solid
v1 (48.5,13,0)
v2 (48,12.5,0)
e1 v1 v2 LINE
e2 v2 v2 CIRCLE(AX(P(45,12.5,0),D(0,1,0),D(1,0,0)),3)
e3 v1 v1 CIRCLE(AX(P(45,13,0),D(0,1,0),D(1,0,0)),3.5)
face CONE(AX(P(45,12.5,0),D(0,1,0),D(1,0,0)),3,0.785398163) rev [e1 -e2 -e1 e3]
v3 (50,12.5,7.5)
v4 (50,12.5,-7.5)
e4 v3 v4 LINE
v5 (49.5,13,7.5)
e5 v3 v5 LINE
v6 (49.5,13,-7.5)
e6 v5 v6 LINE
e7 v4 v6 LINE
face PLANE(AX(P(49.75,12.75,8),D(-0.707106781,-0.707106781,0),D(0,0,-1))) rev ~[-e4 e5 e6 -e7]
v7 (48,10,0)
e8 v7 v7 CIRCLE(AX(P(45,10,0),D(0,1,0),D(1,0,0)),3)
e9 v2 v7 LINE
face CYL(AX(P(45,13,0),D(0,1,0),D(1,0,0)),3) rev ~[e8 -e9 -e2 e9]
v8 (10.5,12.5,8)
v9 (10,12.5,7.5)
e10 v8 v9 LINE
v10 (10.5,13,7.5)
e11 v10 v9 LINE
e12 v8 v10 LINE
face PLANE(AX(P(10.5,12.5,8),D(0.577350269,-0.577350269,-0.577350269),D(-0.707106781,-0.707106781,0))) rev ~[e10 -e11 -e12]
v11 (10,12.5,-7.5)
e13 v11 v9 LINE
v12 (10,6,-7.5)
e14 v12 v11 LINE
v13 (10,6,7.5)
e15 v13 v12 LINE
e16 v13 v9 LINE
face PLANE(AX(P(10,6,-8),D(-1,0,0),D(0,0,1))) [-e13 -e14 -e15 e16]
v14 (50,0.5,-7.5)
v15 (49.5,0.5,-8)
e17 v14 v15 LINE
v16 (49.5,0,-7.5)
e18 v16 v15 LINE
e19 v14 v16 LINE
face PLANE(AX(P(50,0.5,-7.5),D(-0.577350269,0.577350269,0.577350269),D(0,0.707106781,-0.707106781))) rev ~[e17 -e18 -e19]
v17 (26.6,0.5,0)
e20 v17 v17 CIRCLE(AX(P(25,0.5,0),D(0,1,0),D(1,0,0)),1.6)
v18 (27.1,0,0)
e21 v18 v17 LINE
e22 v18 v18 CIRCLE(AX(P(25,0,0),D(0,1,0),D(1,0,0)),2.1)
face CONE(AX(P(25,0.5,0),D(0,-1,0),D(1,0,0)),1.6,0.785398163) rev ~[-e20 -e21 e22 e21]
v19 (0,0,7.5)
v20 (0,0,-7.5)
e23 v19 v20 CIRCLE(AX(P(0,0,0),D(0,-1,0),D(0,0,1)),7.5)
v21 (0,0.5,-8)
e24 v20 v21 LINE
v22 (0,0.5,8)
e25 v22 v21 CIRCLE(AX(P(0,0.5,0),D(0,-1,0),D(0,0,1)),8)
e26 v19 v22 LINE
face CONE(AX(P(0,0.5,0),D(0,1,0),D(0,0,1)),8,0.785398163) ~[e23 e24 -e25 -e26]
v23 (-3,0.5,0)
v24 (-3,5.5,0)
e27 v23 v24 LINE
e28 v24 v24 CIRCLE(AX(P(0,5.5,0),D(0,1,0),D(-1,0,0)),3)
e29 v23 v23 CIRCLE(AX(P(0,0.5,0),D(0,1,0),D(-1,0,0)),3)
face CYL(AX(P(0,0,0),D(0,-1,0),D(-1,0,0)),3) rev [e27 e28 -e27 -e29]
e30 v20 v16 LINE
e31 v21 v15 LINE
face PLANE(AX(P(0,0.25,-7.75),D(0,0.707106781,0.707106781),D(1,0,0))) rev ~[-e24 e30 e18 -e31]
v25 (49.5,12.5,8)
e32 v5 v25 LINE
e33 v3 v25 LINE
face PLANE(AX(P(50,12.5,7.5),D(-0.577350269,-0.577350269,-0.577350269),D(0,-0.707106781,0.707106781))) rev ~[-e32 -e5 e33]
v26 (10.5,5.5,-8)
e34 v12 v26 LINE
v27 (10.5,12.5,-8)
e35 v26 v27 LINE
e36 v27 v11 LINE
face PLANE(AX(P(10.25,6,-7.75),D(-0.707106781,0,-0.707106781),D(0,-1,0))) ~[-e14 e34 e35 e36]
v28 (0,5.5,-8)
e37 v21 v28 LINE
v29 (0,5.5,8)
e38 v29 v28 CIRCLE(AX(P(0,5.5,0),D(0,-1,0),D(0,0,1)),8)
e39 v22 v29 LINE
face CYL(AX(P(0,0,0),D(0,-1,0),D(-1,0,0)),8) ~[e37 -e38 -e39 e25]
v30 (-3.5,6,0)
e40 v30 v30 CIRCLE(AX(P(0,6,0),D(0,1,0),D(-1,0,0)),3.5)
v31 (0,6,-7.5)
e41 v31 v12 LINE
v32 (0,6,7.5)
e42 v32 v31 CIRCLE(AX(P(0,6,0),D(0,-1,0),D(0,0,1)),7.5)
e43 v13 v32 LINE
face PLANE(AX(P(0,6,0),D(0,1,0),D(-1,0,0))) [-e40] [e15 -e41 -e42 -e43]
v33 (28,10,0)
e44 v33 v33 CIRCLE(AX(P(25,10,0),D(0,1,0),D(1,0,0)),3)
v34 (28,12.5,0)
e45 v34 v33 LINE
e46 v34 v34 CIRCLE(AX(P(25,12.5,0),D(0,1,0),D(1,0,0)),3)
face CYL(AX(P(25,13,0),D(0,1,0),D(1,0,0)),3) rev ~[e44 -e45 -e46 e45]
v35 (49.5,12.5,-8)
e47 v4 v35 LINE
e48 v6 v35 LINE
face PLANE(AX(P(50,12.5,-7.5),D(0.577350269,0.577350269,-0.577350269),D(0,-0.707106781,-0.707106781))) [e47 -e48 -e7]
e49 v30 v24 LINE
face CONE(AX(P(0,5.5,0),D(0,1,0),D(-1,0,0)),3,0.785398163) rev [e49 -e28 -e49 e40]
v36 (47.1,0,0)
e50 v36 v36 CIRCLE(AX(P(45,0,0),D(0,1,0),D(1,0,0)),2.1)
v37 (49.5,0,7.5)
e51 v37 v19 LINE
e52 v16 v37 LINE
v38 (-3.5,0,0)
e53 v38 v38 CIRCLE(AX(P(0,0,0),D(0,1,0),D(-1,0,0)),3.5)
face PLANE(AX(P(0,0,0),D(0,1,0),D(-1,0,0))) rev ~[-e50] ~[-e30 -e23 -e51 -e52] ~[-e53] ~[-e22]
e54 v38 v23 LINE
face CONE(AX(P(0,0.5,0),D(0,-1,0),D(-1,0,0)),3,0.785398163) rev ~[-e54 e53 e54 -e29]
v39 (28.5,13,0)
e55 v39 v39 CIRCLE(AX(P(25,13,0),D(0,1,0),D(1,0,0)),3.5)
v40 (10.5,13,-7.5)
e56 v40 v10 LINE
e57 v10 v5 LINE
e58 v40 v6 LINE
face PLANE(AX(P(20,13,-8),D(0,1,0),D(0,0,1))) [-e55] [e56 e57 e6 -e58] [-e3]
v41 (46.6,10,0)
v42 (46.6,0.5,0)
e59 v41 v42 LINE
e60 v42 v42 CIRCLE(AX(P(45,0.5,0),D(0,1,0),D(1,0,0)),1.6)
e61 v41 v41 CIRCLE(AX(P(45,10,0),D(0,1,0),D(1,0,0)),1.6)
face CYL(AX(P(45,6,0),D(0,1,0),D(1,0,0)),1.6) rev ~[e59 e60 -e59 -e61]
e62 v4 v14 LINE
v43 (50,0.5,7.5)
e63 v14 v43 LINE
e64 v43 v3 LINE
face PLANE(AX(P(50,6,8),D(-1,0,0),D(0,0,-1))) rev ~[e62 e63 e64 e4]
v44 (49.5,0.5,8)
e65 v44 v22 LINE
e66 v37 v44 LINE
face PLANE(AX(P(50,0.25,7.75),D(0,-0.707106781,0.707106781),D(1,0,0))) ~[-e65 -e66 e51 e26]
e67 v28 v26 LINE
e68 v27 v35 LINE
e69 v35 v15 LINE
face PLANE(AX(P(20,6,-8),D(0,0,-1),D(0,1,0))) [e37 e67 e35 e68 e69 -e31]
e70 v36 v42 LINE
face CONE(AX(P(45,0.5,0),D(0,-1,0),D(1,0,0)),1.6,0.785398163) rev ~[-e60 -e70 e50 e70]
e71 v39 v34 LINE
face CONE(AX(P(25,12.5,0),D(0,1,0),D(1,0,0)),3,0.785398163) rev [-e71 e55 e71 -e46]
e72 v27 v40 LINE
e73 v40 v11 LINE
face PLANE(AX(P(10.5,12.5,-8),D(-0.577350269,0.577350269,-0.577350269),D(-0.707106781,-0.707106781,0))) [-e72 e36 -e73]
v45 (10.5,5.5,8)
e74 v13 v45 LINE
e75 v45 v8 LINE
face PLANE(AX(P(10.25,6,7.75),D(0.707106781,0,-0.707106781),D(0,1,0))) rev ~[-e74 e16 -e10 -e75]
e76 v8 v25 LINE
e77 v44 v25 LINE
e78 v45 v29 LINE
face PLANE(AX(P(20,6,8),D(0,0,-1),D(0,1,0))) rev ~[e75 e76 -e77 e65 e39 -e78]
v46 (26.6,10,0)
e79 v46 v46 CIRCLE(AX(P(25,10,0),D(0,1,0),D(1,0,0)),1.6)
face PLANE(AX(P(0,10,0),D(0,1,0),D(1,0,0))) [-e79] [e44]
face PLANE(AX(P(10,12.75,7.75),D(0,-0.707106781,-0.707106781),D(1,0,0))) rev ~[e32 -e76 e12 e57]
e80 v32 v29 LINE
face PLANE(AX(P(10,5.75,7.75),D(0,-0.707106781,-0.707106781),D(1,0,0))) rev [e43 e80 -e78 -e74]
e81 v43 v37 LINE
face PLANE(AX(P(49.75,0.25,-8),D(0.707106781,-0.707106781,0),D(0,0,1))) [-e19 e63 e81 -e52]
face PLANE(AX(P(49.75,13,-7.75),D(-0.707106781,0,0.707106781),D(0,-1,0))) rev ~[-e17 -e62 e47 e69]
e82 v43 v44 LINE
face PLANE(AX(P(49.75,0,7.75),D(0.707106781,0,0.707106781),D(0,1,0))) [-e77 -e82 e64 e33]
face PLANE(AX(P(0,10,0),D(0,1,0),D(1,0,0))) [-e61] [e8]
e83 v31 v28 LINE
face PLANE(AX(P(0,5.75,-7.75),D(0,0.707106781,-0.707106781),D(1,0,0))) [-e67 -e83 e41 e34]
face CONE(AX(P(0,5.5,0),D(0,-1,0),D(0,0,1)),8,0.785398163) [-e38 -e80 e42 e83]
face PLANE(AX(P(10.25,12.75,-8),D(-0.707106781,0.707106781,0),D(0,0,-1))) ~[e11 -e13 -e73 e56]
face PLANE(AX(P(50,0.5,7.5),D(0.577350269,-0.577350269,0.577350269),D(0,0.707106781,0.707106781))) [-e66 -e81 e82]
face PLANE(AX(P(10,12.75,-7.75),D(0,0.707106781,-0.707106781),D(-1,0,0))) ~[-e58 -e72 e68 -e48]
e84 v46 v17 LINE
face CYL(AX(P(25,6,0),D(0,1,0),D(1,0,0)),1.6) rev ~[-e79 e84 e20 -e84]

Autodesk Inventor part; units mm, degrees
ref_plane "YZ Plane" through (0, 0, 0) normal (1, 0, 0) x (0, 1, 0)
ref_plane "XZ Plane" through (0, 0, 0) normal (0, 1, 0) x (-1, 0, 0)
ref_plane "XY Plane" through (0, 0, 0) normal (0, 0, 1) x (1, 0, 0)
sketch "Náčrt1" plane through (0, 0, 0) normal (0, 1, 0) x (-1, 0, 0)
  circle A0 centre (0, 0) radius 8
  line L0 (0, -8) -> (-50, -8)
  line L1 (-50, -8) -> (-50, 8)
  line L2 (-50, 8) -> (0, 8)
  circle A1 centre (0, 0) radius 3
  circle A2 centre (0, 0) radius 7.5 construction
  dimension "d0" = 6
  dimension "d1" = 15
  dimension "d2" = 16
  dimension "d3" = 50
extrude "Vysunutí1" add sketch "Náčrt1" along normal blind 6
sketch "Náčrt2" plane through (0, 6, 0) normal (0, 1, 0) x (1, 0, 0)
  line L0 (0, -8) -> (50, -8) projected
  line L1 (50, -8) -> (50, 8) projected
  line L2 (50, 8) -> (0, 8) projected
  arc A0 (0, 8) -> (0, -8) centre (0, 0) ccw projected
  circle A1 centre (0, 0) radius 3 projected
  circle A2 centre (45, 0) radius 1.6
  circle A3 centre (25, 0) radius 1.6
  dimension "d6" = 5
  dimension "d7" = 25
  dimension "d8" = 3.2
extrude "Vysunutí2" cut sketch "Náčrt2" against normal through all contours A2 | A3
sketch "Náčrt5" plane through (0, 6, 0) normal (0, 1, 0) x (1, 0, 0)
  circle A0 centre (45, 0) radius 1.6 projected
  circle A1 centre (25, 0) radius 1.6 projected
  line L0 (0, -8) -> (50, -8) projected
  line L1 (50, -8) -> (50, 8) projected
  line L2 (50, 8) -> (0, 8) projected
  arc A2 (0, 8) -> (0, -8) centre (0, 0) ccw projected
  circle A3 centre (0, 0) radius 3 projected
  line L3 (20, 8) -> (20, -8)
  dimension "d19" = 30
extrude "Vysunutí5" add sketch "Náčrt5" along normal blind 7 contours L3 L2 L1 L0
sketch "Náčrt7" plane through (0, 13, 0) normal (0, 1, 0) x (1, 0, 0)
  line L0 (50, 8) -> (20, 8) projected
  line L1 (20, 8) -> (20, -8) projected
  line L2 (20, -8) -> (50, -8) projected
  line L3 (50, -8) -> (50, 8) projected
  circle A0 centre (25, 0) radius 1.6 projected
  circle A1 centre (45, 0) radius 1.6 projected
  circle A2 centre (25, 0) radius 1.6 projected
  circle A3 centre (25, 0) radius 3
  circle A4 centre (45, 0) radius 1.6 projected
  circle A5 centre (45, 0) radius 3
  point P0 (0, 0)
  dimension "d22" = 6
extrude "Vysunutí6" cut sketch "Náčrt7" against normal blind 3 contours A3 | A5
sketch "Sketch10" plane through (20, 6, -8) normal (-1, 0, 0) x (0, 0, 1)
  line L0 (16, 0) -> (0, 0) projected
  line L1 (16, 0) -> (16, 7) projected
  line L2 (0, 7) -> (16, 7) projected
  line L3 (0, 0) -> (0, 7) projected
  point P0 (8, -6)
extrude "Extrusion8" add sketch "Sketch10" along normal blind 10
chamfer "Chamfer3" distance 0.5 angle 45 21 edges at (5, 6, 8) (-8, 6, 0) (5, 6, -8) (25, 0, 8) (-8, 0, 0) (25, 0, -8) (10, 13, 0) (30, 13, 8) (10, 9.5, 8) (30, 13, -8) (50, 13, 0) (42, 13, 0) (22, 13, 0) (3, 6, 0) (50, 0, 0) (50, 6.5, -8) (50, 6.5, 8) (10, 9.5, -8) (3, 0, 0) (23.4, 0, 0) (43.4, 0, 0)
properties part number "middle_joint"
